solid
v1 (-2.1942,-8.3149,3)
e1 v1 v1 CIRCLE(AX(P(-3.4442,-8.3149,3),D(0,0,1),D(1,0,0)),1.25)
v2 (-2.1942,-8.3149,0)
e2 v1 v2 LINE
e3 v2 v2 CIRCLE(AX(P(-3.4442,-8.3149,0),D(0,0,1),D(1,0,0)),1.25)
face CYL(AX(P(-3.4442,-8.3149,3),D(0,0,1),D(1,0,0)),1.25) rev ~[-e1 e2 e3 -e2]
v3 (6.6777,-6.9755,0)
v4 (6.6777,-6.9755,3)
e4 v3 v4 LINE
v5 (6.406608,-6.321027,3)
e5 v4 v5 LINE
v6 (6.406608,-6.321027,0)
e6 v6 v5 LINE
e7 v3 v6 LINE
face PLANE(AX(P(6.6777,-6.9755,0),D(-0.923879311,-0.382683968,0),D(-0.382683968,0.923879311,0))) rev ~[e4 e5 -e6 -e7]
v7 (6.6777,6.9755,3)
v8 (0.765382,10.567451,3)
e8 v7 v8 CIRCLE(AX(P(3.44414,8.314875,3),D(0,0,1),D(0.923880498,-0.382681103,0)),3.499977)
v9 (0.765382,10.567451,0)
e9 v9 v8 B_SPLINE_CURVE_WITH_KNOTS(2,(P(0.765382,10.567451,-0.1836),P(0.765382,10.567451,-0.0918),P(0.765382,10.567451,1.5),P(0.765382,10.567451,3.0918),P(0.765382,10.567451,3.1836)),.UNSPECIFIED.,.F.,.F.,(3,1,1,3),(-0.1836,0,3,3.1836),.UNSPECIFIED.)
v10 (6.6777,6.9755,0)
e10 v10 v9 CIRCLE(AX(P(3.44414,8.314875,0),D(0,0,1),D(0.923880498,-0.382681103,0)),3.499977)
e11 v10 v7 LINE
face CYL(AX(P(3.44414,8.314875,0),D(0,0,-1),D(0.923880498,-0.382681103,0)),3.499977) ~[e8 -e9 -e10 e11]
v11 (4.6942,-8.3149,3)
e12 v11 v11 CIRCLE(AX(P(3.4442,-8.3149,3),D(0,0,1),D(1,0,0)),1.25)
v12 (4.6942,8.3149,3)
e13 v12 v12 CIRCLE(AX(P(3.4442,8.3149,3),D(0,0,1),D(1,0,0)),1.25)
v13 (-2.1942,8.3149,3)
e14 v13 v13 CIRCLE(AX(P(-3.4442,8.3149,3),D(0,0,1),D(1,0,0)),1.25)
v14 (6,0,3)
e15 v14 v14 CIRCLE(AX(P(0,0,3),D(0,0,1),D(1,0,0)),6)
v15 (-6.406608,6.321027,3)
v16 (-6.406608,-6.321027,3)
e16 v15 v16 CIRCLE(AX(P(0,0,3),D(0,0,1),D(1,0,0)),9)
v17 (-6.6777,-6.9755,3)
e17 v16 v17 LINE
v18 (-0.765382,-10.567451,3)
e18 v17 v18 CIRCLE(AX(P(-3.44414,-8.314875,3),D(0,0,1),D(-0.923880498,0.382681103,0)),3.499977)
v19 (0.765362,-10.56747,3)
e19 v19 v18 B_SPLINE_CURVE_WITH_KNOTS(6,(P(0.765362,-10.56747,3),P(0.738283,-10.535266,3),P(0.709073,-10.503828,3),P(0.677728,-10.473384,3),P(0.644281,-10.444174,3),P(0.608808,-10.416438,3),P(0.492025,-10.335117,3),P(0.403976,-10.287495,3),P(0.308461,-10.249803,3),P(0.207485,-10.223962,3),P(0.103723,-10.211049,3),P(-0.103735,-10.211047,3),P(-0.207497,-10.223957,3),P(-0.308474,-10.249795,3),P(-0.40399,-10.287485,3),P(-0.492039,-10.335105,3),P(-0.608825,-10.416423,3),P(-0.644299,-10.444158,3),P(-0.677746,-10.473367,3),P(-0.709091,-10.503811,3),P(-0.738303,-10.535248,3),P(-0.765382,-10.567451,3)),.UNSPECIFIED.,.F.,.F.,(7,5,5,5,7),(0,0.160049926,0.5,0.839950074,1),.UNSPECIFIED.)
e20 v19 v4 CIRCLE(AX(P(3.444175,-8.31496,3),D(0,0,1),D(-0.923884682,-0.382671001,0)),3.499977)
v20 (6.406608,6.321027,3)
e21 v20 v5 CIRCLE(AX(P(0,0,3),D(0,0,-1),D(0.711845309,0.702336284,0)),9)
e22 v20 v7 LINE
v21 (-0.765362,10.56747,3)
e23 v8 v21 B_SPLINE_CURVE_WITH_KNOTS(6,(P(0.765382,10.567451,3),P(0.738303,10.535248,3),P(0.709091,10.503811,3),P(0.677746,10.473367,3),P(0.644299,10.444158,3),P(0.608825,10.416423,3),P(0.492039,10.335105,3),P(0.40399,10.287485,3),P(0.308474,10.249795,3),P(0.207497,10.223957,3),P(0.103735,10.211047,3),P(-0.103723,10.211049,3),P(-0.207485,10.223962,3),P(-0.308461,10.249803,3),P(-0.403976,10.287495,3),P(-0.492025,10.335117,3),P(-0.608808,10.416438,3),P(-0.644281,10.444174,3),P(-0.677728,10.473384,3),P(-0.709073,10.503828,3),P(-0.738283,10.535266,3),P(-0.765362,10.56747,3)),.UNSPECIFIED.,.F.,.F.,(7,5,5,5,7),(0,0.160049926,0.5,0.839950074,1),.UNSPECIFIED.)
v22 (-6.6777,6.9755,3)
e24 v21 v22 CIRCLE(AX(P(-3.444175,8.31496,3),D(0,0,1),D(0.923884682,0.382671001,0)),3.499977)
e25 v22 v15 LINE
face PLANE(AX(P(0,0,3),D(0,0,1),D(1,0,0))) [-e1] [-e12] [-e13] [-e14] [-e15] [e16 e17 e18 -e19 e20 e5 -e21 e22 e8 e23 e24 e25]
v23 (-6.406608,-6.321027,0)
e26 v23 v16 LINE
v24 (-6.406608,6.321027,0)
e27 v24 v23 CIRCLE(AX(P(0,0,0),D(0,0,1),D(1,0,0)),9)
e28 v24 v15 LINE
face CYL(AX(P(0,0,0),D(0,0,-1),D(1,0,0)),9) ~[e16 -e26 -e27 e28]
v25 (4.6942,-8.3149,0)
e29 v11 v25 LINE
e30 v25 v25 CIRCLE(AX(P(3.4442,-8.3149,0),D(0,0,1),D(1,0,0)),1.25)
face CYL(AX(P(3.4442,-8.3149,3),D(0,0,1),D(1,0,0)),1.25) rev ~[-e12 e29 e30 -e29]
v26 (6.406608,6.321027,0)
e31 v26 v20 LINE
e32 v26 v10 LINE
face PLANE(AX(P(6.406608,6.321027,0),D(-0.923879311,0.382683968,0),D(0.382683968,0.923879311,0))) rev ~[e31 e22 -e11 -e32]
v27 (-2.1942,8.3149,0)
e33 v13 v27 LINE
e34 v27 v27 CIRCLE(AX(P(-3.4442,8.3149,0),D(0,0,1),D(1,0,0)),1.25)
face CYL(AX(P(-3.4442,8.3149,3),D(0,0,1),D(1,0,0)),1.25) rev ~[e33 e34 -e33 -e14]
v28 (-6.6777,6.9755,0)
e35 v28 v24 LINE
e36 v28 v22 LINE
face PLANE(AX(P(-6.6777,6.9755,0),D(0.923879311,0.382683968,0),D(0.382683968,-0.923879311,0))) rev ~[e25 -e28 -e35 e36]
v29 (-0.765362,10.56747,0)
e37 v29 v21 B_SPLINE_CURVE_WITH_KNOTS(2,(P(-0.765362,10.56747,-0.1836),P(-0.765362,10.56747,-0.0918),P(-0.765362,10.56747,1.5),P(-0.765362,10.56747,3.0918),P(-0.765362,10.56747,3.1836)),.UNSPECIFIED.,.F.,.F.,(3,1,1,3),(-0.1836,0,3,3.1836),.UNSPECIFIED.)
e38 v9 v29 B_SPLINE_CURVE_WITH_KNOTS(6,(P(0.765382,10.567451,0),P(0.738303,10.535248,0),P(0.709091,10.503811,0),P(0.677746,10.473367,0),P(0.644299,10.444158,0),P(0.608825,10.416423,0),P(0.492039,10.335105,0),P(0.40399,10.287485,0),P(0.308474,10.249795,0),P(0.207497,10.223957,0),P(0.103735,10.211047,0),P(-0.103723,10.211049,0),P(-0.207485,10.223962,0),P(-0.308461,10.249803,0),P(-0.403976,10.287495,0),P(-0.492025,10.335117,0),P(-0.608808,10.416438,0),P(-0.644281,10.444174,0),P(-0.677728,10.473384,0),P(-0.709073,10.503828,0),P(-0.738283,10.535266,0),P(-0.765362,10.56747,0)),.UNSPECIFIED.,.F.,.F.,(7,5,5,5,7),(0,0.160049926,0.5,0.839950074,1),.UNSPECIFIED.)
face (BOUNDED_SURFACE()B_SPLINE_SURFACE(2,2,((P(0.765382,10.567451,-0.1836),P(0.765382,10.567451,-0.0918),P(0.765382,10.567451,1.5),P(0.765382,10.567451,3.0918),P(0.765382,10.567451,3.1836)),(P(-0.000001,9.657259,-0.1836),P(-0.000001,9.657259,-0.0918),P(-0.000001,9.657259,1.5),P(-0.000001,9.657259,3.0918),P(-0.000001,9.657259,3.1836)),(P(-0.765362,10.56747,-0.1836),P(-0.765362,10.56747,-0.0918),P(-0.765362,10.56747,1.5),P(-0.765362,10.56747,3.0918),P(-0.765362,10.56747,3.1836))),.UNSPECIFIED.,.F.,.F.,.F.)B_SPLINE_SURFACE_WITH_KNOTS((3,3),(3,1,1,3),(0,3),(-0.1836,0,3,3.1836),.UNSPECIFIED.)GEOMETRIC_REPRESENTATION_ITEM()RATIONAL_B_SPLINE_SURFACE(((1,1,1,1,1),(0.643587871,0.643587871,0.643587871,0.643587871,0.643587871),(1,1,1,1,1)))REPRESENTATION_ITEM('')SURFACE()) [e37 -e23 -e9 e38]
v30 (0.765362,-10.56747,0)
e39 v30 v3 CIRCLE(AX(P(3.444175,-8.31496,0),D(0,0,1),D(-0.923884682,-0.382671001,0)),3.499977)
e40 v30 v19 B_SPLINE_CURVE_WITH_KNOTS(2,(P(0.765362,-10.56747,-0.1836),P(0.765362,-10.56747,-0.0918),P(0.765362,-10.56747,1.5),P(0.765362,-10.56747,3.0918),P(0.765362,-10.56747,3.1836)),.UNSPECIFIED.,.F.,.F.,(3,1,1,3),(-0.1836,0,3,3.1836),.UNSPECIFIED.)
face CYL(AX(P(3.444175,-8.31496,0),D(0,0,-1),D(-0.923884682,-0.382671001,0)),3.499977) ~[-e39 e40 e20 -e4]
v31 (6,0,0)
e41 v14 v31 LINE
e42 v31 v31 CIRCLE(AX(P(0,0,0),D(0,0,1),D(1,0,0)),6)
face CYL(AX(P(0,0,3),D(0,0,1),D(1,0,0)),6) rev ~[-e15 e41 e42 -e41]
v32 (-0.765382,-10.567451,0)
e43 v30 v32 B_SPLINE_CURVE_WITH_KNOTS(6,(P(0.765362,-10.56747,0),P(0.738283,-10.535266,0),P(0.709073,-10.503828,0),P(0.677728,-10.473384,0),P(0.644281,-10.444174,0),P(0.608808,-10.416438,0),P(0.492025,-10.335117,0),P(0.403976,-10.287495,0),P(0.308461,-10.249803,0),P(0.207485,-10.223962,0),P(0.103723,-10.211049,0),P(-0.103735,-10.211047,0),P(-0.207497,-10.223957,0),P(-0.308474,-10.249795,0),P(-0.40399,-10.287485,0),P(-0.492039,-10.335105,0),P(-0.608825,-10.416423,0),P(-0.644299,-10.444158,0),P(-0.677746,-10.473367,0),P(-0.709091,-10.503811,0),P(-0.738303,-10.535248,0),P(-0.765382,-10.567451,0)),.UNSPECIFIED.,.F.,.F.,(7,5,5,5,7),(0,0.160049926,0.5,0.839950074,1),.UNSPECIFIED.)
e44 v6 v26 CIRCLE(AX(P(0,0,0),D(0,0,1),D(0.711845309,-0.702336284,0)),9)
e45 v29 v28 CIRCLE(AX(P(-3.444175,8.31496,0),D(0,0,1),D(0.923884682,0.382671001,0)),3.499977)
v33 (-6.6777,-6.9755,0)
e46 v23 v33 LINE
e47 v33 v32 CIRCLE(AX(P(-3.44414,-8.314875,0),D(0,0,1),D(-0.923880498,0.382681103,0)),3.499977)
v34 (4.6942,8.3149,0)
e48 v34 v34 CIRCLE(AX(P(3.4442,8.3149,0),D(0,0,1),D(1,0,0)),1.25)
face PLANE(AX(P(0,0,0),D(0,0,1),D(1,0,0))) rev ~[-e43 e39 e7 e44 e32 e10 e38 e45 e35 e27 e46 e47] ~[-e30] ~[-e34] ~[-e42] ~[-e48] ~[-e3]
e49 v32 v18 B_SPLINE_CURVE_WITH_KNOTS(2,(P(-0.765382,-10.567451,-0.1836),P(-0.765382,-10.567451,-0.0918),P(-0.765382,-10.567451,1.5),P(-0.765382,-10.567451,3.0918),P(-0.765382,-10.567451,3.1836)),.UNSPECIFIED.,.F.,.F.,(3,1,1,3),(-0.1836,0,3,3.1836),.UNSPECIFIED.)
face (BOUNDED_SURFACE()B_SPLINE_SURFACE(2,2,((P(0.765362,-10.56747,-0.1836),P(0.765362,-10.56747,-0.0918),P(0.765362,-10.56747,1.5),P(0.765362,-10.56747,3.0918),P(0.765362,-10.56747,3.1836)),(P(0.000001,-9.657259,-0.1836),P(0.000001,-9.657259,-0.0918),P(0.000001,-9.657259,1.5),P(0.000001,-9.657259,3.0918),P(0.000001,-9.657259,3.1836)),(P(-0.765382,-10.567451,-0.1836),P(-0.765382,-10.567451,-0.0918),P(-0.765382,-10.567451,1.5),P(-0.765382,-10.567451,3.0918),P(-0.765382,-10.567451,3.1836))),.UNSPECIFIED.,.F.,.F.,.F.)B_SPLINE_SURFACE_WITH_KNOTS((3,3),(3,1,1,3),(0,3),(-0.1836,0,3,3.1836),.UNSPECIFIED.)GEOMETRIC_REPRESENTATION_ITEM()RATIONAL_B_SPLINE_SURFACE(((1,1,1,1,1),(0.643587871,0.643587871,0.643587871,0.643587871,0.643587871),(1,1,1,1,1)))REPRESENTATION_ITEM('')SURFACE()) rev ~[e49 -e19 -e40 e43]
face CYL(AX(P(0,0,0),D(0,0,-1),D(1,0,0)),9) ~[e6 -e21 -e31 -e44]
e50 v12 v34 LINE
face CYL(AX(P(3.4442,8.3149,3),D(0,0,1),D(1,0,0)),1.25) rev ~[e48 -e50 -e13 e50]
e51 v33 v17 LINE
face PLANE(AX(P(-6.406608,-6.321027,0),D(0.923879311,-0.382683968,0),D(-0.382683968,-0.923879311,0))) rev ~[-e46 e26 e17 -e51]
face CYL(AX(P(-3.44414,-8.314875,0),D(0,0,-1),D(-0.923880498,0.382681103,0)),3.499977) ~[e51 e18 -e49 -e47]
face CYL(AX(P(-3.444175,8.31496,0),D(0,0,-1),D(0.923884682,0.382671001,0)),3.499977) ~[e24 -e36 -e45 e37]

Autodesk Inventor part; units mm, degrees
ref_plane "YZ Plane" through (0, 0, 0) normal (1, 0, 0) x (0, 1, 0)
ref_plane "XZ Plane" through (0, 0, 0) normal (0, 1, 0) x (-1, 0, 0)
ref_plane "XY Plane" through (0, 0, 0) normal (0, 0, 1) x (1, 0, 0)
sketch "Sketch1" plane through (0, 0, 0) normal (0, 0, 1) x (1, 0, 0)
  circle A0 centre (0, 0) radius 9
  line L0 (-3.4442, -8.3149) -> (3.4442, 8.3149) construction
  line L1 (-0.2106, -9.6543) -> (6.6777, 6.9755)
  line L2 (0.2106, 9.6543) -> (-6.6777, -6.9755)
  arc A1 (-6.6777, -6.9755) -> (-0.2106, -9.6543) centre (-3.4442, -8.3149) ccw
  arc A2 (6.6777, 6.9755) -> (0.2106, 9.6543) centre (3.4442, 8.3149) ccw
  line L3 (3.4442, -8.3149) -> (-3.4442, 8.3149) construction
  line L4 (6.6777, -6.9755) -> (-0.2106, 9.6543)
  line L5 (-6.6777, 6.9755) -> (0.2106, -9.6543)
  arc A3 (0.2106, -9.6543) -> (6.6777, -6.9755) centre (3.4442, -8.3149) ccw
  arc A4 (-0.2106, 9.6543) -> (-6.6777, 6.9755) centre (-3.4442, 8.3149) ccw
  line L6 (0, 0) -> (0, 9) construction
  dimension "d3" = 18
  dimension "d0" = 45
  dimension "d1" = 18
  dimension "d2" = 3.5
extrude "Extrusion1" add sketch "Sketch1" along normal blind 3
sketch "Sketch2" plane through (0, 0, 3) normal (0, 0, 1) x (1, 0, 0)
  arc A0 (-0.2106, 9.6543) -> (-6.6777, 6.9755) centre (-3.4442, 8.3149) ccw projected
  arc A1 (-6.6777, -6.9755) -> (-0.2106, -9.6543) centre (-3.4442, -8.3149) ccw projected
  arc A2 (0.2106, -9.6543) -> (6.6777, -6.9755) centre (3.4442, -8.3149) ccw projected
  arc A3 (6.4066, -6.321) -> (6.4066, 6.321) centre (0, 0) ccw projected
  arc A4 (6.6777, 6.9755) -> (0.2106, 9.6543) centre (3.4442, 8.3149) ccw projected
  circle A5 centre (-3.4442, 8.3149) radius 1.25
  circle A6 centre (3.4442, 8.3149) radius 1.25
  circle A7 centre (3.4442, -8.3149) radius 1.25
  circle A8 centre (-3.4442, -8.3149) radius 1.25
  circle A9 centre (0, 0) radius 6
  point P0 (0, 10.3491)
  point P1 (0, -10.3491)
  dimension "d6" = 2.5
  dimension "d7" = 12
extrude "Extrusion2" cut sketch "Sketch2" against normal through all
fillet "Fillet2" radius 1 2 edges at (0, -9.1459, 1.5) (0, 9.1459, 1.5)
sketch "Sketch3" plane through (0, 0, 3) normal (0, 0, 1) x (1, 0, 0)
  circle A0 centre (-3.4442, -8.3149) radius 1.25 projected
  circle A1 centre (3.4442, 8.3149) radius 1.25 projected
  circle A2 centre (-3.4442, 8.3149) radius 1.25 projected
  circle A3 centre (3.4442, -8.3149) radius 1.25 projected
  circle A4 centre (0, 0) radius 6 projected
  arc A5 (-6.4066, 6.321) -> (-6.4066, -6.321) centre (0, 0) ccw projected
  line L0 (-6.4066, -6.321) -> (-6.6777, -6.9755) projected
  arc A6 (-6.6777, -6.9755) -> (-0.7654, -10.5675) centre (-3.4442, -8.3149) ccw projected
  arc A7 (0.7654, -10.5675) -> (-0.7654, -10.5675) centre (0, -11.2111) ccw projected
  arc A8 (0.7654, -10.5675) -> (6.6777, -6.9755) centre (3.4442, -8.3149) ccw projected
  line L1 (6.6777, -6.9755) -> (6.4066, -6.321) projected
  arc A9 (6.4066, -6.321) -> (6.4066, 6.321) centre (0, 0) ccw projected
  line L2 (6.4066, 6.321) -> (6.6777, 6.9755) projected
  arc A10 (6.6777, 6.9755) -> (0.7654, 10.5675) centre (3.4442, 8.3149) ccw projected
  arc A11 (-0.7654, 10.5675) -> (0.7654, 10.5675) centre (0, 11.2111) ccw projected
  arc A12 (-0.7654, 10.5675) -> (-6.6777, 6.9755) centre (-3.4442, 8.3149) ccw projected
  line L3 (-6.6777, 6.9755) -> (-6.4066, 6.321) projected
  circle A13 centre (-3.4442, -8.3149) radius 3 construction
  dimension "d12" = 6
properties part number "encoder_bearing_holder18_6mm_45"
